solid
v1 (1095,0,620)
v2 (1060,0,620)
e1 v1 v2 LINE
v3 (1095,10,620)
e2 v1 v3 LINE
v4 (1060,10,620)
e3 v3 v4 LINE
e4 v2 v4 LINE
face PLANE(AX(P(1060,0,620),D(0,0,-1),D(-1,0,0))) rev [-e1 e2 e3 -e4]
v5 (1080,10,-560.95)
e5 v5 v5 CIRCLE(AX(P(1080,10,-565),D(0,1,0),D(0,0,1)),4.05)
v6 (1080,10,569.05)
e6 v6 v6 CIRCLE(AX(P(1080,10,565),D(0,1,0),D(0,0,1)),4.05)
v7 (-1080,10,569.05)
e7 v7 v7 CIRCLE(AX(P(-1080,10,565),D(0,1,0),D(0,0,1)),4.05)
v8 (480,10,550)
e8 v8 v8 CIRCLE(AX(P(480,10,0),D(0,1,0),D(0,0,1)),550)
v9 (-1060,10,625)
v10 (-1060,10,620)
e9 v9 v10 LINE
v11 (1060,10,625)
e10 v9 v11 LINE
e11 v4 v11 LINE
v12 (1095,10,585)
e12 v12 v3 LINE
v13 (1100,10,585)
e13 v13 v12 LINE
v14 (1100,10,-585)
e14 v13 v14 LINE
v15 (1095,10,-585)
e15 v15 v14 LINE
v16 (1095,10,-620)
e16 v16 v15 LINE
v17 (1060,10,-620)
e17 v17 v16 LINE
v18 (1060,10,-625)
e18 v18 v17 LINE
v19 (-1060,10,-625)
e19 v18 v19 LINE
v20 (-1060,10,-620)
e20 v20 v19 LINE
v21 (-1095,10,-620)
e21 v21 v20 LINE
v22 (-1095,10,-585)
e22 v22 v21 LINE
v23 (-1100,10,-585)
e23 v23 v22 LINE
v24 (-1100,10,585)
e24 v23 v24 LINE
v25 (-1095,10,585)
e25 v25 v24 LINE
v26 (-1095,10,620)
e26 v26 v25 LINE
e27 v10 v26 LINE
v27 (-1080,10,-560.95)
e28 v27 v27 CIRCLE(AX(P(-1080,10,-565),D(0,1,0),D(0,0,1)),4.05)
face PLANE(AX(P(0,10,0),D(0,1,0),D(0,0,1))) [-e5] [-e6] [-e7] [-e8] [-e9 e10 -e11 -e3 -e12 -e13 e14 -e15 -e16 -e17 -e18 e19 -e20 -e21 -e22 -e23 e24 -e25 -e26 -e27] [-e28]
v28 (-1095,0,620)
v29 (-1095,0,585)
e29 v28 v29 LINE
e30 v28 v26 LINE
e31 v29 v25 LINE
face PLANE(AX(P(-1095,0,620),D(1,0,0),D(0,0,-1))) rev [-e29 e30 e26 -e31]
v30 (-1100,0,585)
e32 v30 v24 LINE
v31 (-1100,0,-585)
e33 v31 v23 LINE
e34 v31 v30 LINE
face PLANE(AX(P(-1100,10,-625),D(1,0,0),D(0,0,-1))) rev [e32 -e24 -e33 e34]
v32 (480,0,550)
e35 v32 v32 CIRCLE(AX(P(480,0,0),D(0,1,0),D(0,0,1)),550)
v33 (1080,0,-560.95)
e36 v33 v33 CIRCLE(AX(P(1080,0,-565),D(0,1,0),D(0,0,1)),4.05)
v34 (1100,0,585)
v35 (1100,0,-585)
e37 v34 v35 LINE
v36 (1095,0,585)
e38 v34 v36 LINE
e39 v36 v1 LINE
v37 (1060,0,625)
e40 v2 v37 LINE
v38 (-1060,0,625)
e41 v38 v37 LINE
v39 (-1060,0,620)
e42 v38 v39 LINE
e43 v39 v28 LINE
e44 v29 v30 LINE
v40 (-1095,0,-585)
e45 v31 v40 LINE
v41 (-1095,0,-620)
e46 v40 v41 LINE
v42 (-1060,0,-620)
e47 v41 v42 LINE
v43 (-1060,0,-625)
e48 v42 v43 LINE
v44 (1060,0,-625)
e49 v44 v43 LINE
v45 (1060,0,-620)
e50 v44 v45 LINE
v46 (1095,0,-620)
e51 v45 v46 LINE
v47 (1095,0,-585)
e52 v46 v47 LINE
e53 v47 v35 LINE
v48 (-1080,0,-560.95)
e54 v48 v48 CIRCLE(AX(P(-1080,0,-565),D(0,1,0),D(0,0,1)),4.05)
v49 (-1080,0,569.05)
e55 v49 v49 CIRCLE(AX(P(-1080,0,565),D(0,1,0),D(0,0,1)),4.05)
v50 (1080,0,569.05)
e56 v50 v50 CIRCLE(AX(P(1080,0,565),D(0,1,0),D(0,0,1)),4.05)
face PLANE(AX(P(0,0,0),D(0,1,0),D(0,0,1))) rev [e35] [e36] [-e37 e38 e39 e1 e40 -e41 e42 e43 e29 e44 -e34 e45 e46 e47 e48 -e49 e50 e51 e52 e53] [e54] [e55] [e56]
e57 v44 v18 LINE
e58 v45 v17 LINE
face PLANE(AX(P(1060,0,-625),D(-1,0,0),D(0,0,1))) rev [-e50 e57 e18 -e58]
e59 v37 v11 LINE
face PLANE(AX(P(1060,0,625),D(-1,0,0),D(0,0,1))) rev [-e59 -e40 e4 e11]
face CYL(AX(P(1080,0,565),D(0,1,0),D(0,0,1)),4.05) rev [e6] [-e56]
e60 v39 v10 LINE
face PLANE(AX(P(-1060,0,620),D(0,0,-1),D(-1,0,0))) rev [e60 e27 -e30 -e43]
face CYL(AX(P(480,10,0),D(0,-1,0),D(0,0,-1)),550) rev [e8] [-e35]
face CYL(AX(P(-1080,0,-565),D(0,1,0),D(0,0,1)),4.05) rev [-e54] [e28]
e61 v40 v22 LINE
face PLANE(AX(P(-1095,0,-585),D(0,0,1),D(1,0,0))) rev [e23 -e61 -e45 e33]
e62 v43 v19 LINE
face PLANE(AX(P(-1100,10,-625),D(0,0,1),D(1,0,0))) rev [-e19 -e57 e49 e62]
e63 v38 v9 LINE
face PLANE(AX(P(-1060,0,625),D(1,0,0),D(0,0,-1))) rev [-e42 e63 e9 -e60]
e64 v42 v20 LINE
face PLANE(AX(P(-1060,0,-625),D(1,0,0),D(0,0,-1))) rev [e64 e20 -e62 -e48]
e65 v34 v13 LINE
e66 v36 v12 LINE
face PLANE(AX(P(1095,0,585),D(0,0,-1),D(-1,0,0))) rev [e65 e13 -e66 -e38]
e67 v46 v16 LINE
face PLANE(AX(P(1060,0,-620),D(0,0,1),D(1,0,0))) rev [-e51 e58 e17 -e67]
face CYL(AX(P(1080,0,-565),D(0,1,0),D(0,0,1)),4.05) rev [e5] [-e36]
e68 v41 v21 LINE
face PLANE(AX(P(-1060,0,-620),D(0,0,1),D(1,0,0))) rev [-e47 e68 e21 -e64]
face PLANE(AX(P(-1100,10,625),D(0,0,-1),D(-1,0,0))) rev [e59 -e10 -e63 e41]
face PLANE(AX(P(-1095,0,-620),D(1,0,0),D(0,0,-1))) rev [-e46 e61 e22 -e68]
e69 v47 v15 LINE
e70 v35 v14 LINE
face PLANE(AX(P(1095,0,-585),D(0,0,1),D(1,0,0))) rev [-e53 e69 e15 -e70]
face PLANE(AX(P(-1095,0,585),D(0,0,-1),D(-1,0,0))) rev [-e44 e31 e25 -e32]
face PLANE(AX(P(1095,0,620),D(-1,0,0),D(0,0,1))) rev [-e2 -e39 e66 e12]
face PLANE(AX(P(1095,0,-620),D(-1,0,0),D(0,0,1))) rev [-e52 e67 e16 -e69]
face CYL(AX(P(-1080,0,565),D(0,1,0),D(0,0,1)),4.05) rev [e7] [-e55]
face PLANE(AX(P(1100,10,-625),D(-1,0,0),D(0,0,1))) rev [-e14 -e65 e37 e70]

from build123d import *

# Parameters (mm, degrees)
SKETCH_1_W          = 2200
SKETCH_1_H          = 1250
SKETCH_1_R          = 550
EXTRUDE_1_DEPTH     = 10
SKETCH_2_R          = 4.05
CUT_EXTRUDE_1_DEPTH = 10
CUT_EXTRUDE_2_DEPTH = 10


with BuildPart() as part:
    # 草图1 → 凸台-拉伸1 (new body)
    with BuildSketch(Plane(origin=(0, 0, 0), x_dir=(1, 0, 0), z_dir=(0, 1, 0))):
        Rectangle(SKETCH_1_W, SKETCH_1_H)
        with Locations(Location((480, 0, 0), (0, 0, 270))):
            Circle(SKETCH_1_R, mode=Mode.SUBTRACT)
    extrude(amount=EXTRUDE_1_DEPTH)

    # 草图2 → 切除-拉伸1 (cut)
    with BuildSketch(Plane(origin=(0, 10, 0), x_dir=(1, 0, 0), z_dir=(0, 1, 0))):
        with Locations(Location((-1080, 565, 0), (0, 0, 270))):
            Circle(SKETCH_2_R)
        with Locations(Location((-1080, -565, 0), (0, 0, 270))):
            Circle(SKETCH_2_R)
        with Locations(Location((1080, -565, 0), (0, 0, 270))):
            Circle(SKETCH_2_R)
        with Locations(Location((1080, 565, 0), (0, 0, 270))):
            Circle(SKETCH_2_R)
    extrude(amount=-CUT_EXTRUDE_1_DEPTH, mode=Mode.SUBTRACT)

    # 草图3 → 切除-拉伸2 (cut)
    with BuildSketch(Plane(origin=(0, 10, 0), x_dir=(1, 0, 0), z_dir=(0, 1, 0))):
        Polygon((-1100, 625), (-1060, 625), (-1060, 620), (-1095, 620), (-1095, 585), (-1100, 585), align=None)
        Polygon((-1100, -585), (-1100, -625), (-1060, -625), (-1060, -620), (-1095, -620), (-1095, -585), align=None)
        Polygon((1100, -625), (1060, -625), (1060, -620), (1095, -620), (1095, -585), (1100, -585), align=None)
        Polygon((1100, 585), (1100, 625), (1060, 625), (1060, 620), (1095, 620), (1095, 585), align=None)
    extrude(amount=-CUT_EXTRUDE_2_DEPTH, mode=Mode.SUBTRACT)


solid = part.part
